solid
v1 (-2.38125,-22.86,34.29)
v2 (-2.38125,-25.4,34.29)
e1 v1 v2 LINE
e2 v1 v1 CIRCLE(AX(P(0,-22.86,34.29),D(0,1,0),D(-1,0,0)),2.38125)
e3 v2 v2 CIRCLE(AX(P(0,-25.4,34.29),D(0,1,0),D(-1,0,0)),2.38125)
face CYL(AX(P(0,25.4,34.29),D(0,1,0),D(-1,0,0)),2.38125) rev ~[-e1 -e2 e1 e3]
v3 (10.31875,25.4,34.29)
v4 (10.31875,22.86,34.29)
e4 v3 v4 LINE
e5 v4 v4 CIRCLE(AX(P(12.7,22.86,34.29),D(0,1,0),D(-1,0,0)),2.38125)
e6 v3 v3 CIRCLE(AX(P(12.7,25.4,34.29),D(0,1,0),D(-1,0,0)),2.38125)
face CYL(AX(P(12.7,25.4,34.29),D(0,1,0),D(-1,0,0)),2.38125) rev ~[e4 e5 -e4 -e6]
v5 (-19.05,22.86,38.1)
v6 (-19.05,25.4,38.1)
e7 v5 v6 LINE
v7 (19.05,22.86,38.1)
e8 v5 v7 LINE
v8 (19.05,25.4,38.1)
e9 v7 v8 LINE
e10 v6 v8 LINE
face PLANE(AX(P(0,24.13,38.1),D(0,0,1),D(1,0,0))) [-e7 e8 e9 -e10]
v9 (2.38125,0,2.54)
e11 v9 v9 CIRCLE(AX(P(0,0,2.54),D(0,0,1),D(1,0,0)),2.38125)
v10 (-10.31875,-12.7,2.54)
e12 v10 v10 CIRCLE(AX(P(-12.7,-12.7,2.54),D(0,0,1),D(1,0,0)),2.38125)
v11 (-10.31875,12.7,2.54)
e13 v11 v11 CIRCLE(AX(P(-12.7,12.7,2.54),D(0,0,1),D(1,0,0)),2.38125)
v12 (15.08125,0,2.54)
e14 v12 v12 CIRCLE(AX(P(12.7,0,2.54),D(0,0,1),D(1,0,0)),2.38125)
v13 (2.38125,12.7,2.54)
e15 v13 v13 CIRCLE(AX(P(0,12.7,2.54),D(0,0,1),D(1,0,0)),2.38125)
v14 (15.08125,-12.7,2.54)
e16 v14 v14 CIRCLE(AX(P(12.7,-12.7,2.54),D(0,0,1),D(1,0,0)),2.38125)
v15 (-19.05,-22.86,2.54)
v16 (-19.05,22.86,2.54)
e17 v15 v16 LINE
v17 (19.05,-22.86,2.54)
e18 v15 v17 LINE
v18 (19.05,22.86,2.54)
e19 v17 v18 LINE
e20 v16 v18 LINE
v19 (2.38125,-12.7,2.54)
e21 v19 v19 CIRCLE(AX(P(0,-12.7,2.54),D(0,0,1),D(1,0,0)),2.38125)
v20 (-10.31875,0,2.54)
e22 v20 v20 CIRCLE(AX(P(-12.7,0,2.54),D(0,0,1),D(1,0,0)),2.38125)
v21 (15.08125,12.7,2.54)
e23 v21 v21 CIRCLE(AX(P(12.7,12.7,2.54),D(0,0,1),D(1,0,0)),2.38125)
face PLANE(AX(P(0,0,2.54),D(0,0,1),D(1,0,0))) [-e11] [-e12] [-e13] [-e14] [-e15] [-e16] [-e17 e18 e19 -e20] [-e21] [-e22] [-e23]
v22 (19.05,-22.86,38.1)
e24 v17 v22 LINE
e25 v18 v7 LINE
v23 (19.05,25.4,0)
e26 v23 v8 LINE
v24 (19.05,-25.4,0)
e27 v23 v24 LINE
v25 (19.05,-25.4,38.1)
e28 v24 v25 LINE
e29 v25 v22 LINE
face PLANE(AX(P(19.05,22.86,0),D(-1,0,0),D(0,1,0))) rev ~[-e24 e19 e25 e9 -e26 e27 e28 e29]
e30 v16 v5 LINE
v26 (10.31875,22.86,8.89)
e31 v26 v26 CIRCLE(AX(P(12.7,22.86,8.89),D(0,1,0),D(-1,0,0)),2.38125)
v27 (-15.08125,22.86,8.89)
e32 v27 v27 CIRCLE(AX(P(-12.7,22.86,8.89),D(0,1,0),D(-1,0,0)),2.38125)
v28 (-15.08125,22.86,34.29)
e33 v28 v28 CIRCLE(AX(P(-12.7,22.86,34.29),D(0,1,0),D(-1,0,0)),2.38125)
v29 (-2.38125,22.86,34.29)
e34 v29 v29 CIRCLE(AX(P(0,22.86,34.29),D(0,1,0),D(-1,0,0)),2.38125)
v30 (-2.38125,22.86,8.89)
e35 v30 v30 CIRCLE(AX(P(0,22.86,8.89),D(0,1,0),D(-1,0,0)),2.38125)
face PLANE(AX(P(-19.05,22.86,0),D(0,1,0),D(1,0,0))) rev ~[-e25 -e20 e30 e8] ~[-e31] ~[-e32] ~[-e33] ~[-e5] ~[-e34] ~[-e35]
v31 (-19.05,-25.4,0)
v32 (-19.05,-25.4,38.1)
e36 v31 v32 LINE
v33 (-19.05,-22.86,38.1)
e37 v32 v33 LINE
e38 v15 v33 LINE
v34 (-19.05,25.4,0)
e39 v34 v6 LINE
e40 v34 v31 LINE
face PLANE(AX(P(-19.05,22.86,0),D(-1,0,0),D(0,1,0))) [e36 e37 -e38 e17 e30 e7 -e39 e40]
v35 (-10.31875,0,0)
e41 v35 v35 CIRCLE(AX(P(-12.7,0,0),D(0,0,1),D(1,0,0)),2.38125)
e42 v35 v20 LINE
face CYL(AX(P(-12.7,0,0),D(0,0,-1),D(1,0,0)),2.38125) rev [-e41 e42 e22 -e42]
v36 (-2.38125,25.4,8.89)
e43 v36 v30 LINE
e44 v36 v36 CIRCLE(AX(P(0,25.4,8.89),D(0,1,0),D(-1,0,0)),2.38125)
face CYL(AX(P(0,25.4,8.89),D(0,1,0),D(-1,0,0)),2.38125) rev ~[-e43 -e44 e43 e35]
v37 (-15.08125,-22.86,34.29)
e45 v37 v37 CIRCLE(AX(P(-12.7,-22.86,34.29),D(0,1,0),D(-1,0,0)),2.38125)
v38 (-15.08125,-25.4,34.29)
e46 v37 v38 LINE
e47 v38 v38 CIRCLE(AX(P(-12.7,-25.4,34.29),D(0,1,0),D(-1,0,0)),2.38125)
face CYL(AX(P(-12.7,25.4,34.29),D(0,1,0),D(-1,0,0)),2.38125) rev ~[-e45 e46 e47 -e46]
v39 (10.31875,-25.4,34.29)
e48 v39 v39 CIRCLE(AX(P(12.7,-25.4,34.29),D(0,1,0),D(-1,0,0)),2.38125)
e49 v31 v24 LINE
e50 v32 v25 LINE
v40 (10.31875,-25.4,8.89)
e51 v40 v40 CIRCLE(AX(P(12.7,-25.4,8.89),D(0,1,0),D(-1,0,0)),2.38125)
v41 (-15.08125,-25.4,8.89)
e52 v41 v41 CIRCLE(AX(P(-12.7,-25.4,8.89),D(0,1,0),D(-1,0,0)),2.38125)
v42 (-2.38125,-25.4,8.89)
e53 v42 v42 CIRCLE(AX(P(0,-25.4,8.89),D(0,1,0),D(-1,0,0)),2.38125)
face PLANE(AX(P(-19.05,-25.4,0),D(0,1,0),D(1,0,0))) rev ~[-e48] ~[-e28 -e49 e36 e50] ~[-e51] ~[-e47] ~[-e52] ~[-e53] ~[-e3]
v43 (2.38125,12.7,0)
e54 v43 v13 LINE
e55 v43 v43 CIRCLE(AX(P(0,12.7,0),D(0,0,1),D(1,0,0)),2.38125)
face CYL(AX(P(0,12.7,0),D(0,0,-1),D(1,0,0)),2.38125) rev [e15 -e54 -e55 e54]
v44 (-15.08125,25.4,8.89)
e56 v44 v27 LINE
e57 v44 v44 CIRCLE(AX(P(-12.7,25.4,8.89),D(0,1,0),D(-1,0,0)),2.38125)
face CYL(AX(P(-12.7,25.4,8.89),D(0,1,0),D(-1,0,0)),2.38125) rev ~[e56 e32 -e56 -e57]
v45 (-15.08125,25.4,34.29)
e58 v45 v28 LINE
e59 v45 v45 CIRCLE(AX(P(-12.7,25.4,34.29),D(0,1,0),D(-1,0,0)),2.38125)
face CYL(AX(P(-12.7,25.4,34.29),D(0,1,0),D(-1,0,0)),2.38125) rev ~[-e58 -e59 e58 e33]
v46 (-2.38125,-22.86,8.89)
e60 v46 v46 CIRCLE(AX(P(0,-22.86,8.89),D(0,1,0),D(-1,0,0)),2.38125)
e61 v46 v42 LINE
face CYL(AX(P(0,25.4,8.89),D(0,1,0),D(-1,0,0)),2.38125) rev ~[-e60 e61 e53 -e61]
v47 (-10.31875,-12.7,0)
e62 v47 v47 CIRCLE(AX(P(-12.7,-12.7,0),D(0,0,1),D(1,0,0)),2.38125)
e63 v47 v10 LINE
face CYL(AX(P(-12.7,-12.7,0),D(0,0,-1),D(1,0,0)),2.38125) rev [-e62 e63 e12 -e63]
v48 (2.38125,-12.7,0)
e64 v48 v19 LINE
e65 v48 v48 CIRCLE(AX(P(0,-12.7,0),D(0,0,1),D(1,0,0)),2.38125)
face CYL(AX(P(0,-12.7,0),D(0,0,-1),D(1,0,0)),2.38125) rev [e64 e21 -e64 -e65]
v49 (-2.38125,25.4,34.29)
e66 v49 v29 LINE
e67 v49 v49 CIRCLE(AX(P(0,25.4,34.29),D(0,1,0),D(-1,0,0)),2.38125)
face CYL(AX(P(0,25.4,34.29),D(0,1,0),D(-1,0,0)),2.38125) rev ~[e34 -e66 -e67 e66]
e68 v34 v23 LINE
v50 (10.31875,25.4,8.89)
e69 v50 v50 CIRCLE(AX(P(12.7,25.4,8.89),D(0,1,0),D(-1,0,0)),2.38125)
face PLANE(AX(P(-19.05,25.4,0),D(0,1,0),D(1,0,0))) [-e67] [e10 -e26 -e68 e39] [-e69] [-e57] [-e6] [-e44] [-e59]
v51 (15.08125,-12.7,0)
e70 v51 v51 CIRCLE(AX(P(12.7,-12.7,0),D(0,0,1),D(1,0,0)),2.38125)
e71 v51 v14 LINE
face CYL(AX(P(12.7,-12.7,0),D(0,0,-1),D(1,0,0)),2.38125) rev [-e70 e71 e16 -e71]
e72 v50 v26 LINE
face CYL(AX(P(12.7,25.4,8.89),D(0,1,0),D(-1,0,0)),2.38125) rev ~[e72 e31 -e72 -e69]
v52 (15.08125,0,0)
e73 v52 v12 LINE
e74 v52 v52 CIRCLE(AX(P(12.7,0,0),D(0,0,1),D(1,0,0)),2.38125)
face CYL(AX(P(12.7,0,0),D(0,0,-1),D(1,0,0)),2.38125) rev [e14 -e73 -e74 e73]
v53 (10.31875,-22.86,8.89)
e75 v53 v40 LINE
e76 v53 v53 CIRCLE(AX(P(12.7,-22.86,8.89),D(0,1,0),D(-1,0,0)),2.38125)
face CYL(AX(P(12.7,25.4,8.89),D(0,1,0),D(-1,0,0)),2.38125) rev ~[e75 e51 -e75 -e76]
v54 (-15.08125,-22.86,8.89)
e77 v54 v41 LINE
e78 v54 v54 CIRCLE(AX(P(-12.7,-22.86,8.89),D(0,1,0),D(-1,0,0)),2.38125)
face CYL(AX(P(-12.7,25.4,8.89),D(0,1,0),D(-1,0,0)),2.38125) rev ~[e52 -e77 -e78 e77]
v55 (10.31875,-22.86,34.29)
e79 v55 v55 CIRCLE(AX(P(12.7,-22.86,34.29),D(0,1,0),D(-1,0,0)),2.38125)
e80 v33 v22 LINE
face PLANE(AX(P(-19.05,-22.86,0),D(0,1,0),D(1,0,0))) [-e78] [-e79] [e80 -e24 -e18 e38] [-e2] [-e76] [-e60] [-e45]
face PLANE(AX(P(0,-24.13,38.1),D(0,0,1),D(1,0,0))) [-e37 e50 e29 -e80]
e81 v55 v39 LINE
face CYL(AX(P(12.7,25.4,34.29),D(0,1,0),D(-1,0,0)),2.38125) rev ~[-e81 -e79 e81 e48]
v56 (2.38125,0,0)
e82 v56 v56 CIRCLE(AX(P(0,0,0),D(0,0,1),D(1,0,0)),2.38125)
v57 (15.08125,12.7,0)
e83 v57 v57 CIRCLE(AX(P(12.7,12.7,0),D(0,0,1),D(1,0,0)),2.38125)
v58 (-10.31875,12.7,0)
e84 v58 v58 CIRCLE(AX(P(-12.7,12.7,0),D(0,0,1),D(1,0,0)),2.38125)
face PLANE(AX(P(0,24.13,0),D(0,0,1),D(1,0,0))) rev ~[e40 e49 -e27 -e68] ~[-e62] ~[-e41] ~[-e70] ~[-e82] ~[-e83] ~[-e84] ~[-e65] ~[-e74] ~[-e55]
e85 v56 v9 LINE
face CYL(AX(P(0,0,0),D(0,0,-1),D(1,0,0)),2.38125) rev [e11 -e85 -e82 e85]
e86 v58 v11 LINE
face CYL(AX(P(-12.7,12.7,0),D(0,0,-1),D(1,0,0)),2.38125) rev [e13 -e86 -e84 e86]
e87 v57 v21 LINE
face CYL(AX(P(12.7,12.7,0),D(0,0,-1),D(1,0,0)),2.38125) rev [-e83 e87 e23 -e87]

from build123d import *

# Parameters (mm, degrees)
F0_W     = 38.1
F0_H     = 45.72
F0_R     = 2.38125
F1_DEPTH = 2.54
F0_H_2   = 2.54
F2_DEPTH = 38.1
F3_R     = 2.38125
F4_DEPTH = 50.801


with BuildPart() as f1:
    # F0 (on Top) → F1 (new body)
    with BuildSketch(Plane.XY):
        Rectangle(F0_W, F0_H)
        with Locations((-12.7, -12.7)):
            Circle(F0_R, mode=Mode.SUBTRACT)
        with Locations((-12.7, 0)):
            Circle(F0_R, mode=Mode.SUBTRACT)
        with Locations((0, -12.7)):
            Circle(F0_R, mode=Mode.SUBTRACT)
        with Locations((12.7, -12.7)):
            Circle(F0_R, mode=Mode.SUBTRACT)
        Circle(F0_R, mode=Mode.SUBTRACT)
        with Locations((12.7, 0)):
            Circle(F0_R, mode=Mode.SUBTRACT)
        with Locations((-12.7, 12.7)):
            Circle(F0_R, mode=Mode.SUBTRACT)
        with Locations((0, 12.7)):
            Circle(F0_R, mode=Mode.SUBTRACT)
        with Locations((12.7, 12.7)):
            Circle(F0_R, mode=Mode.SUBTRACT)
    extrude(amount=F1_DEPTH)

    # F0 (on Top) → F2 (join)
    with BuildSketch(Plane.XY):
        with Locations((0, 24.13)):
            Rectangle(F0_W, F0_H_2)
        with Locations((0, -24.13)):
            Rectangle(F0_W, F0_H_2)
    extrude(amount=F2_DEPTH)

    # F3 (on face) → F4 (cut, through all)
    with BuildSketch(Plane(origin=(0, 25.4, 0), x_dir=(-1, 0, 0), z_dir=(0, 1, 0))):
        with Locations((-12.7, 34.29)):
            Circle(F3_R)
        with Locations((0, 34.29)):
            Circle(F3_R)
        with Locations((12.7, 34.29)):
            Circle(F3_R)
        with Locations((12.7, 8.89)):
            Circle(F3_R)
        with Locations((0, 8.89)):
            Circle(F3_R)
        with Locations((-12.7, 8.89)):
            Circle(F3_R)
    extrude(amount=-F4_DEPTH, mode=Mode.SUBTRACT)


solid = f1.part
